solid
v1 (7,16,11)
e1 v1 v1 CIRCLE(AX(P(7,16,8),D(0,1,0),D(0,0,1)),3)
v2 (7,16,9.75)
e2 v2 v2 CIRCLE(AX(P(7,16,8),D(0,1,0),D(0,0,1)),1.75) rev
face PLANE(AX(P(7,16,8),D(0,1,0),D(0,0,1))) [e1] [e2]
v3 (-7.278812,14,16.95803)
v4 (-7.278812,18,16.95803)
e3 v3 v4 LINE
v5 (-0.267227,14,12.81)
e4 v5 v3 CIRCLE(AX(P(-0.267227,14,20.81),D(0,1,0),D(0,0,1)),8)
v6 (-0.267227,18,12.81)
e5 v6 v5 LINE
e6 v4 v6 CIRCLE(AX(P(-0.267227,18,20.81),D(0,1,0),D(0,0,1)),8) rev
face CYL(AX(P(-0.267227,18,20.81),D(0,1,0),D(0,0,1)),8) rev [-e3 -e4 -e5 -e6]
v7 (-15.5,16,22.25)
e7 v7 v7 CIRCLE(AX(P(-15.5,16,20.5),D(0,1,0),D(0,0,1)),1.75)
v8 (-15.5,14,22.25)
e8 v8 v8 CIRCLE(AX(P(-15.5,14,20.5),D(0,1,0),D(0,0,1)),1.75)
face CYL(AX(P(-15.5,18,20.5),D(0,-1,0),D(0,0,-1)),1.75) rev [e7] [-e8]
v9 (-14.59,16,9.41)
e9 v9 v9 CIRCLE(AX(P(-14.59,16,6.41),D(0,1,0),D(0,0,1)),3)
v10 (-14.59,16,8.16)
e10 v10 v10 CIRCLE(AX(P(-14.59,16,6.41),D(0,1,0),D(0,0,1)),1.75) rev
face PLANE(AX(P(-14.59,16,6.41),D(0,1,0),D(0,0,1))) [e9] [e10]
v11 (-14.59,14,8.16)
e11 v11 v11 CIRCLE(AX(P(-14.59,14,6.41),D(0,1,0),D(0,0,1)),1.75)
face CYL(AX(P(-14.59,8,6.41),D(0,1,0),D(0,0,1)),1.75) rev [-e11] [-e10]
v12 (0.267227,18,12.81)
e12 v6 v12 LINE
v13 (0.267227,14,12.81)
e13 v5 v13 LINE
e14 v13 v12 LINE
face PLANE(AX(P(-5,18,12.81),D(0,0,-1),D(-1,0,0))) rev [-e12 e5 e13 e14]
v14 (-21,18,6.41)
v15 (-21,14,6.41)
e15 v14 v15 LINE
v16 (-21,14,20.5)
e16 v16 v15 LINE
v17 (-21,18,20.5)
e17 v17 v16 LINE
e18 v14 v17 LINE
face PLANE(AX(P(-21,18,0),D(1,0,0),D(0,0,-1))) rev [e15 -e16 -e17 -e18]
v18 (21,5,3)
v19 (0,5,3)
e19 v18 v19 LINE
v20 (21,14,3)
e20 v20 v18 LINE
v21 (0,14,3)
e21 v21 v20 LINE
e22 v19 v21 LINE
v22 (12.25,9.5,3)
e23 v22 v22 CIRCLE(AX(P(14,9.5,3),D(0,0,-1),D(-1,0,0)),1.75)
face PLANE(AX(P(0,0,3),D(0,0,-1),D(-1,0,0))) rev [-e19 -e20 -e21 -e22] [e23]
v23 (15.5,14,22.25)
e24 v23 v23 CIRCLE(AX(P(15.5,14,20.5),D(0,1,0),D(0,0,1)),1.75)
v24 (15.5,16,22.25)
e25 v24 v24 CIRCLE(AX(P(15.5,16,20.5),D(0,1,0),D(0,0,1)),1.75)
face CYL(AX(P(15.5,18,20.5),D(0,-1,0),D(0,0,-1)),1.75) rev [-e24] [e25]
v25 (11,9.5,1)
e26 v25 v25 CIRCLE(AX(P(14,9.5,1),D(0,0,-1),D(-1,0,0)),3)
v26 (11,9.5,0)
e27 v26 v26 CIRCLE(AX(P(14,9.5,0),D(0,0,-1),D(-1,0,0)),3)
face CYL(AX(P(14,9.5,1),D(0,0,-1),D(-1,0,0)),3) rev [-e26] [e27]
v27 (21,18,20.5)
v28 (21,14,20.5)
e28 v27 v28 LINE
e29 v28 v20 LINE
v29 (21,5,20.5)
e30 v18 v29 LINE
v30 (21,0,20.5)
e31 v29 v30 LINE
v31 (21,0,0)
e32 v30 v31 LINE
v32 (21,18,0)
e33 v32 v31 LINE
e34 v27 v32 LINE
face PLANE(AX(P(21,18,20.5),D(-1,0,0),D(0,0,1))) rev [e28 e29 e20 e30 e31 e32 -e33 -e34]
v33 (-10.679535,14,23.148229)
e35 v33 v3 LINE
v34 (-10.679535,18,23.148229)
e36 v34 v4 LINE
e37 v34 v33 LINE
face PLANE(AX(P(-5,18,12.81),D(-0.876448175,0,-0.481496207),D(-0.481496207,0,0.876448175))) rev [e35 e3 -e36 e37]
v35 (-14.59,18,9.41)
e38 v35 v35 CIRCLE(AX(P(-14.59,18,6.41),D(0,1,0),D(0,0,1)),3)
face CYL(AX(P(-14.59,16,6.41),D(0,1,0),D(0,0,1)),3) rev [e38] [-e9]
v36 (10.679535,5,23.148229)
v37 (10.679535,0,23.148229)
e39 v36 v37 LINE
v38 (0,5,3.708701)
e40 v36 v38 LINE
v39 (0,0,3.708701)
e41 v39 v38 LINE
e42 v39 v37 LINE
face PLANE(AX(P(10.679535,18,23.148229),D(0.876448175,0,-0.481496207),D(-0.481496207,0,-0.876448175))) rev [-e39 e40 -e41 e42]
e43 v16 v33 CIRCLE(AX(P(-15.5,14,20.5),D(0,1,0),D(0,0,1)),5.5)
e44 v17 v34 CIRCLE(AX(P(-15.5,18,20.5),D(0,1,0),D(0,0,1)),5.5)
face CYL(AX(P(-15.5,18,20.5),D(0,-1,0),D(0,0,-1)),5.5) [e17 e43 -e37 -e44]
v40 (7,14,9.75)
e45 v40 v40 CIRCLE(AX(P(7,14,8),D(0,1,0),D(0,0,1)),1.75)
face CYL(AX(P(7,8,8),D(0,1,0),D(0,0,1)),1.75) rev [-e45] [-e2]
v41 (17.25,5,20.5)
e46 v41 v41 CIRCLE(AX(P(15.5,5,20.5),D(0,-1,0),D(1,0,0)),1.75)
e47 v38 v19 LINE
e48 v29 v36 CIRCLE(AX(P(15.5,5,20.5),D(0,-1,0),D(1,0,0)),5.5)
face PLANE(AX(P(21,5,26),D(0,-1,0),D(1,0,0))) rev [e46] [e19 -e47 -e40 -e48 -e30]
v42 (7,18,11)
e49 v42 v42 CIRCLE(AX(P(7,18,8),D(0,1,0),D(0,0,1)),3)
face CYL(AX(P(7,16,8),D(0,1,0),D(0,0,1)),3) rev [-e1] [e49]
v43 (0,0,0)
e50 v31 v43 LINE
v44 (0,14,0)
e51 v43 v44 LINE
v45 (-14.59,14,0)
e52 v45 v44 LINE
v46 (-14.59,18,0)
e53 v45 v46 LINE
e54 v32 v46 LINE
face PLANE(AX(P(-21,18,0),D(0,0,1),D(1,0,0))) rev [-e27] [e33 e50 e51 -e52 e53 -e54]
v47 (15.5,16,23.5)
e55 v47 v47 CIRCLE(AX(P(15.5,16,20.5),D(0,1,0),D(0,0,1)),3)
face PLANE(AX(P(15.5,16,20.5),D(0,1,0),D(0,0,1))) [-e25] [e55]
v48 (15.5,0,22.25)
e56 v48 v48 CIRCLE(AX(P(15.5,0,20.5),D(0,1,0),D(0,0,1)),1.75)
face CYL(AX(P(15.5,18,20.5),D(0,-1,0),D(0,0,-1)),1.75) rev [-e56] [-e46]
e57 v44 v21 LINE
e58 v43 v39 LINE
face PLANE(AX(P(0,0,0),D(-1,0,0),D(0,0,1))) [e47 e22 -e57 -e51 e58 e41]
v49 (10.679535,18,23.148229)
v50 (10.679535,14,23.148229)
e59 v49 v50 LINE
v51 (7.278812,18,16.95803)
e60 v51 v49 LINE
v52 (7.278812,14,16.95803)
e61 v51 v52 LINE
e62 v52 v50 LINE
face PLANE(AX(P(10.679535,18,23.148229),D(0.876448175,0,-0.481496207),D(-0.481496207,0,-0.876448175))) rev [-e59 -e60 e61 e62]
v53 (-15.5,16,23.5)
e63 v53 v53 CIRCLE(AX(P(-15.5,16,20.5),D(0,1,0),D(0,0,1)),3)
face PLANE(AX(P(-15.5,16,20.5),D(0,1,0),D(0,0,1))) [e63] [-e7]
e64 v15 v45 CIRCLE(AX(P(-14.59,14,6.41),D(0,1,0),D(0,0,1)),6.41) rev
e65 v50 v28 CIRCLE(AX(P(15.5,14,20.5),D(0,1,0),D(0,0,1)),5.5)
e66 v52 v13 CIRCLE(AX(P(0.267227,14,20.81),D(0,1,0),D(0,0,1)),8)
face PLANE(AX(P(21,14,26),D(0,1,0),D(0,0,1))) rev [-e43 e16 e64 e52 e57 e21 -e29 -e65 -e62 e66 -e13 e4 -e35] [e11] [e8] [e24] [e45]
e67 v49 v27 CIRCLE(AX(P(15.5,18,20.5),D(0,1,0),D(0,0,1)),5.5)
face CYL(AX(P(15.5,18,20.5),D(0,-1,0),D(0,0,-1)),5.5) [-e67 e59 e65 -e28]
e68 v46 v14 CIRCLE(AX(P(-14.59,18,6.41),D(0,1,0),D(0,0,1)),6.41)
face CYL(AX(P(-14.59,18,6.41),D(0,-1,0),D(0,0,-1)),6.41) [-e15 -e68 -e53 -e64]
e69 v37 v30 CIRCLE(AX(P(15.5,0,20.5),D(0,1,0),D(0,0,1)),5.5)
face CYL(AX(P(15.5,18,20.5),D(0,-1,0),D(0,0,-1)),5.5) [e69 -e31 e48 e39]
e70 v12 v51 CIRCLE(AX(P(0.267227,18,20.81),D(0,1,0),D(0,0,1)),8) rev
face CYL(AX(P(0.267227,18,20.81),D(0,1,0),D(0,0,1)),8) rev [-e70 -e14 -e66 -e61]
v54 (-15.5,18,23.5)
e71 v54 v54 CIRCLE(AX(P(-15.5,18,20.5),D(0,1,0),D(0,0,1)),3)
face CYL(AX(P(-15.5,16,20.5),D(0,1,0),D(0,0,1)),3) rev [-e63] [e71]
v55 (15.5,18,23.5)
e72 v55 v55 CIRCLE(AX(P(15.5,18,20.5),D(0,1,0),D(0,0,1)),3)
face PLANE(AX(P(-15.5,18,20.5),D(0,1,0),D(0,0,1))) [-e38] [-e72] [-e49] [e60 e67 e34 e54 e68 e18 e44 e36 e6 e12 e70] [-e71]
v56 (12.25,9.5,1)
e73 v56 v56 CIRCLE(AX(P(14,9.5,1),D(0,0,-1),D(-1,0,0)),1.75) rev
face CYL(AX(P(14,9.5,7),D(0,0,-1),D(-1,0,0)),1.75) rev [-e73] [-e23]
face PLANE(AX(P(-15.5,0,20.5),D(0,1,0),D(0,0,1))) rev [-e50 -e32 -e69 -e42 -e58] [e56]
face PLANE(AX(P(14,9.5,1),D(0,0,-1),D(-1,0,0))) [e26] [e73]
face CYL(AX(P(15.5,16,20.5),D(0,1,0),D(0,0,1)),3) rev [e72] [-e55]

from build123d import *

# Parameters (mm, degrees)
SKETCH1_R           = 1.75
BOSS_EXTRUDE1_DEPTH = 18
SKETCH2_R           = 3
CUT_EXTRUDE1_DEPTH  = 2
CUT_EXTRUDE2_START  = -3
SKETCH4_W           = 42
SKETCH4_H           = 9
CUT_EXTRUDE2_DEPTH  = 35.960505792
CUT_EXTRUDE3_DEPTH  = 14
FILLET1_R           = 8
CUT_EXTRUDE4_DEPTH  = 37.235341864
SKETCH8_R           = 1.75
CUT_EXTRUDE5_DEPTH  = 7
SKETCH9_R           = 1.75
CUT_EXTRUDE6_DEPTH  = 10
SKETCH10_R          = 3
CUT_EXTRUDE7_DEPTH  = 2
SKETCH11_R          = 3
CUT_EXTRUDE8_DEPTH  = 1
FILLET2_R           = 6.41


with BuildPart() as part:
    # Sketch1 → Boss-Extrude1 (new body)
    with BuildSketch(Plane(origin=(0, 0, 0), x_dir=(1, 0, 0), z_dir=(0, 1, 0))):
        with BuildLine():
            Line((-21, 0), (21, 0))
            Line((21, 0), (21, -20.5))
            ThreePointArc((21, -20.5), (16.867011836, -25.827408248), (10.67953504, -23.148229139))
            Line((10.67953504, -23.148229139), (5, -12.81))
            Line((5, -12.81), (-5, -12.81))
            Line((-5, -12.81), (-10.67953504, -23.148229139))
            ThreePointArc((-10.67953504, -23.148229139), (-16.867011836, -25.827408248), (-21, -20.5))
            Line((-21, -20.5), (-21, 0))
        make_face()
        with Locations(Location((15.5, -20.5, 0), (0, 0, 270))):
            Circle(SKETCH1_R, mode=Mode.SUBTRACT)
        with Locations(Location((-15.5, -20.5, 0), (0, 0, 270))):
            Circle(SKETCH1_R, mode=Mode.SUBTRACT)
    extrude(amount=BOSS_EXTRUDE1_DEPTH)

    # Sketch2 → Cut-Extrude1 (cut)
    with BuildSketch(Plane(origin=(0, 18, 0), x_dir=(1, 0, 0), z_dir=(0, 1, 0))):
        with Locations(Location((-15.5, -20.5, 0), (0, 0, 270))):
            Circle(SKETCH2_R)
        with Locations(Location((15.5, -20.5, 0), (0, 0, 270))):
            Circle(SKETCH2_R)
    extrude(amount=-CUT_EXTRUDE1_DEPTH, mode=Mode.SUBTRACT)

    # Sketch4 → Cut-Extrude2 (cut, through all)
    with BuildSketch(Plane(origin=(0, 0, 0), x_dir=(-1, 0, 0), z_dir=(0, 0, -1)).offset(CUT_EXTRUDE2_START)):
        with Locations((0, 9.5)):
            Rectangle(SKETCH4_W, SKETCH4_H)
    extrude(amount=-CUT_EXTRUDE2_DEPTH, mode=Mode.SUBTRACT)

    # Sketch6 → Cut-Extrude3 (cut)
    with BuildSketch(Plane.XZ):
        Polygon((5, 12.81), (-2.037457082, 0), (-21, 0), (-21, 28.272610559), (5, 28.272610559), align=None)
    extrude(amount=-CUT_EXTRUDE3_DEPTH, mode=Mode.SUBTRACT)

    # Fillet1
    fillet1_edges = [part.edges().sort_by_distance(p)[0] for p in [
        (5, 16, 12.81),
        (-5, 16, 12.81),
    ]]
    fillet(fillet1_edges, radius=FILLET1_R)

    # Sketch7 → Cut-Extrude4 (cut, through all)
    with BuildSketch(Plane.XZ.offset(-14)):
        Polygon((0, 0), (0, 4.340639875), (-2.037457082, 0), align=None)
    extrude(amount=CUT_EXTRUDE4_DEPTH, mode=Mode.SUBTRACT)

    # Sketch8 → Cut-Extrude5 (cut)
    with BuildSketch(Plane(origin=(0, 0, 0), x_dir=(-1, 0, 0), z_dir=(0, 0, -1))):
        with Locations((-14, 9.5)):
            Circle(SKETCH8_R)
    extrude(amount=-CUT_EXTRUDE5_DEPTH, mode=Mode.SUBTRACT)

    # Sketch9 → Cut-Extrude6 (cut)
    with BuildSketch(Plane(origin=(0, 18, 0), x_dir=(1, 0, 0), z_dir=(0, 1, 0))):
        with Locations(Location((7, -8, 0), (0, 0, 270))):
            Circle(SKETCH9_R)
        with Locations(Location((-14.59, -6.41, 0), (0, 0, 270))):
            Circle(SKETCH9_R)
    extrude(amount=-CUT_EXTRUDE6_DEPTH, mode=Mode.SUBTRACT)

    # Sketch10 → Cut-Extrude7 (cut)
    with BuildSketch(Plane(origin=(0, 18, 0), x_dir=(1, 0, 0), z_dir=(0, 1, 0))):
        with Locations(Location((7, -8, 0), (0, 0, 270))):
            Circle(SKETCH10_R)
        with Locations(Location((-14.59, -6.41, 0), (0, 0, 270))):
            Circle(SKETCH10_R)
    extrude(amount=-CUT_EXTRUDE7_DEPTH, mode=Mode.SUBTRACT)

    # Sketch11 → Cut-Extrude8 (cut)
    with BuildSketch(Plane(origin=(0, 0, 0), x_dir=(-1, 0, 0), z_dir=(0, 0, -1))):
        with Locations((-14, 9.5)):
            Circle(SKETCH11_R)
    extrude(amount=-CUT_EXTRUDE8_DEPTH, mode=Mode.SUBTRACT)

    # Fillet2
    fillet2_edges = [part.edges().sort_by_distance(p)[0] for p in [
        (-21, 16, 0),
    ]]
    fillet(fillet2_edges, radius=FILLET2_R)


solid = part.part
